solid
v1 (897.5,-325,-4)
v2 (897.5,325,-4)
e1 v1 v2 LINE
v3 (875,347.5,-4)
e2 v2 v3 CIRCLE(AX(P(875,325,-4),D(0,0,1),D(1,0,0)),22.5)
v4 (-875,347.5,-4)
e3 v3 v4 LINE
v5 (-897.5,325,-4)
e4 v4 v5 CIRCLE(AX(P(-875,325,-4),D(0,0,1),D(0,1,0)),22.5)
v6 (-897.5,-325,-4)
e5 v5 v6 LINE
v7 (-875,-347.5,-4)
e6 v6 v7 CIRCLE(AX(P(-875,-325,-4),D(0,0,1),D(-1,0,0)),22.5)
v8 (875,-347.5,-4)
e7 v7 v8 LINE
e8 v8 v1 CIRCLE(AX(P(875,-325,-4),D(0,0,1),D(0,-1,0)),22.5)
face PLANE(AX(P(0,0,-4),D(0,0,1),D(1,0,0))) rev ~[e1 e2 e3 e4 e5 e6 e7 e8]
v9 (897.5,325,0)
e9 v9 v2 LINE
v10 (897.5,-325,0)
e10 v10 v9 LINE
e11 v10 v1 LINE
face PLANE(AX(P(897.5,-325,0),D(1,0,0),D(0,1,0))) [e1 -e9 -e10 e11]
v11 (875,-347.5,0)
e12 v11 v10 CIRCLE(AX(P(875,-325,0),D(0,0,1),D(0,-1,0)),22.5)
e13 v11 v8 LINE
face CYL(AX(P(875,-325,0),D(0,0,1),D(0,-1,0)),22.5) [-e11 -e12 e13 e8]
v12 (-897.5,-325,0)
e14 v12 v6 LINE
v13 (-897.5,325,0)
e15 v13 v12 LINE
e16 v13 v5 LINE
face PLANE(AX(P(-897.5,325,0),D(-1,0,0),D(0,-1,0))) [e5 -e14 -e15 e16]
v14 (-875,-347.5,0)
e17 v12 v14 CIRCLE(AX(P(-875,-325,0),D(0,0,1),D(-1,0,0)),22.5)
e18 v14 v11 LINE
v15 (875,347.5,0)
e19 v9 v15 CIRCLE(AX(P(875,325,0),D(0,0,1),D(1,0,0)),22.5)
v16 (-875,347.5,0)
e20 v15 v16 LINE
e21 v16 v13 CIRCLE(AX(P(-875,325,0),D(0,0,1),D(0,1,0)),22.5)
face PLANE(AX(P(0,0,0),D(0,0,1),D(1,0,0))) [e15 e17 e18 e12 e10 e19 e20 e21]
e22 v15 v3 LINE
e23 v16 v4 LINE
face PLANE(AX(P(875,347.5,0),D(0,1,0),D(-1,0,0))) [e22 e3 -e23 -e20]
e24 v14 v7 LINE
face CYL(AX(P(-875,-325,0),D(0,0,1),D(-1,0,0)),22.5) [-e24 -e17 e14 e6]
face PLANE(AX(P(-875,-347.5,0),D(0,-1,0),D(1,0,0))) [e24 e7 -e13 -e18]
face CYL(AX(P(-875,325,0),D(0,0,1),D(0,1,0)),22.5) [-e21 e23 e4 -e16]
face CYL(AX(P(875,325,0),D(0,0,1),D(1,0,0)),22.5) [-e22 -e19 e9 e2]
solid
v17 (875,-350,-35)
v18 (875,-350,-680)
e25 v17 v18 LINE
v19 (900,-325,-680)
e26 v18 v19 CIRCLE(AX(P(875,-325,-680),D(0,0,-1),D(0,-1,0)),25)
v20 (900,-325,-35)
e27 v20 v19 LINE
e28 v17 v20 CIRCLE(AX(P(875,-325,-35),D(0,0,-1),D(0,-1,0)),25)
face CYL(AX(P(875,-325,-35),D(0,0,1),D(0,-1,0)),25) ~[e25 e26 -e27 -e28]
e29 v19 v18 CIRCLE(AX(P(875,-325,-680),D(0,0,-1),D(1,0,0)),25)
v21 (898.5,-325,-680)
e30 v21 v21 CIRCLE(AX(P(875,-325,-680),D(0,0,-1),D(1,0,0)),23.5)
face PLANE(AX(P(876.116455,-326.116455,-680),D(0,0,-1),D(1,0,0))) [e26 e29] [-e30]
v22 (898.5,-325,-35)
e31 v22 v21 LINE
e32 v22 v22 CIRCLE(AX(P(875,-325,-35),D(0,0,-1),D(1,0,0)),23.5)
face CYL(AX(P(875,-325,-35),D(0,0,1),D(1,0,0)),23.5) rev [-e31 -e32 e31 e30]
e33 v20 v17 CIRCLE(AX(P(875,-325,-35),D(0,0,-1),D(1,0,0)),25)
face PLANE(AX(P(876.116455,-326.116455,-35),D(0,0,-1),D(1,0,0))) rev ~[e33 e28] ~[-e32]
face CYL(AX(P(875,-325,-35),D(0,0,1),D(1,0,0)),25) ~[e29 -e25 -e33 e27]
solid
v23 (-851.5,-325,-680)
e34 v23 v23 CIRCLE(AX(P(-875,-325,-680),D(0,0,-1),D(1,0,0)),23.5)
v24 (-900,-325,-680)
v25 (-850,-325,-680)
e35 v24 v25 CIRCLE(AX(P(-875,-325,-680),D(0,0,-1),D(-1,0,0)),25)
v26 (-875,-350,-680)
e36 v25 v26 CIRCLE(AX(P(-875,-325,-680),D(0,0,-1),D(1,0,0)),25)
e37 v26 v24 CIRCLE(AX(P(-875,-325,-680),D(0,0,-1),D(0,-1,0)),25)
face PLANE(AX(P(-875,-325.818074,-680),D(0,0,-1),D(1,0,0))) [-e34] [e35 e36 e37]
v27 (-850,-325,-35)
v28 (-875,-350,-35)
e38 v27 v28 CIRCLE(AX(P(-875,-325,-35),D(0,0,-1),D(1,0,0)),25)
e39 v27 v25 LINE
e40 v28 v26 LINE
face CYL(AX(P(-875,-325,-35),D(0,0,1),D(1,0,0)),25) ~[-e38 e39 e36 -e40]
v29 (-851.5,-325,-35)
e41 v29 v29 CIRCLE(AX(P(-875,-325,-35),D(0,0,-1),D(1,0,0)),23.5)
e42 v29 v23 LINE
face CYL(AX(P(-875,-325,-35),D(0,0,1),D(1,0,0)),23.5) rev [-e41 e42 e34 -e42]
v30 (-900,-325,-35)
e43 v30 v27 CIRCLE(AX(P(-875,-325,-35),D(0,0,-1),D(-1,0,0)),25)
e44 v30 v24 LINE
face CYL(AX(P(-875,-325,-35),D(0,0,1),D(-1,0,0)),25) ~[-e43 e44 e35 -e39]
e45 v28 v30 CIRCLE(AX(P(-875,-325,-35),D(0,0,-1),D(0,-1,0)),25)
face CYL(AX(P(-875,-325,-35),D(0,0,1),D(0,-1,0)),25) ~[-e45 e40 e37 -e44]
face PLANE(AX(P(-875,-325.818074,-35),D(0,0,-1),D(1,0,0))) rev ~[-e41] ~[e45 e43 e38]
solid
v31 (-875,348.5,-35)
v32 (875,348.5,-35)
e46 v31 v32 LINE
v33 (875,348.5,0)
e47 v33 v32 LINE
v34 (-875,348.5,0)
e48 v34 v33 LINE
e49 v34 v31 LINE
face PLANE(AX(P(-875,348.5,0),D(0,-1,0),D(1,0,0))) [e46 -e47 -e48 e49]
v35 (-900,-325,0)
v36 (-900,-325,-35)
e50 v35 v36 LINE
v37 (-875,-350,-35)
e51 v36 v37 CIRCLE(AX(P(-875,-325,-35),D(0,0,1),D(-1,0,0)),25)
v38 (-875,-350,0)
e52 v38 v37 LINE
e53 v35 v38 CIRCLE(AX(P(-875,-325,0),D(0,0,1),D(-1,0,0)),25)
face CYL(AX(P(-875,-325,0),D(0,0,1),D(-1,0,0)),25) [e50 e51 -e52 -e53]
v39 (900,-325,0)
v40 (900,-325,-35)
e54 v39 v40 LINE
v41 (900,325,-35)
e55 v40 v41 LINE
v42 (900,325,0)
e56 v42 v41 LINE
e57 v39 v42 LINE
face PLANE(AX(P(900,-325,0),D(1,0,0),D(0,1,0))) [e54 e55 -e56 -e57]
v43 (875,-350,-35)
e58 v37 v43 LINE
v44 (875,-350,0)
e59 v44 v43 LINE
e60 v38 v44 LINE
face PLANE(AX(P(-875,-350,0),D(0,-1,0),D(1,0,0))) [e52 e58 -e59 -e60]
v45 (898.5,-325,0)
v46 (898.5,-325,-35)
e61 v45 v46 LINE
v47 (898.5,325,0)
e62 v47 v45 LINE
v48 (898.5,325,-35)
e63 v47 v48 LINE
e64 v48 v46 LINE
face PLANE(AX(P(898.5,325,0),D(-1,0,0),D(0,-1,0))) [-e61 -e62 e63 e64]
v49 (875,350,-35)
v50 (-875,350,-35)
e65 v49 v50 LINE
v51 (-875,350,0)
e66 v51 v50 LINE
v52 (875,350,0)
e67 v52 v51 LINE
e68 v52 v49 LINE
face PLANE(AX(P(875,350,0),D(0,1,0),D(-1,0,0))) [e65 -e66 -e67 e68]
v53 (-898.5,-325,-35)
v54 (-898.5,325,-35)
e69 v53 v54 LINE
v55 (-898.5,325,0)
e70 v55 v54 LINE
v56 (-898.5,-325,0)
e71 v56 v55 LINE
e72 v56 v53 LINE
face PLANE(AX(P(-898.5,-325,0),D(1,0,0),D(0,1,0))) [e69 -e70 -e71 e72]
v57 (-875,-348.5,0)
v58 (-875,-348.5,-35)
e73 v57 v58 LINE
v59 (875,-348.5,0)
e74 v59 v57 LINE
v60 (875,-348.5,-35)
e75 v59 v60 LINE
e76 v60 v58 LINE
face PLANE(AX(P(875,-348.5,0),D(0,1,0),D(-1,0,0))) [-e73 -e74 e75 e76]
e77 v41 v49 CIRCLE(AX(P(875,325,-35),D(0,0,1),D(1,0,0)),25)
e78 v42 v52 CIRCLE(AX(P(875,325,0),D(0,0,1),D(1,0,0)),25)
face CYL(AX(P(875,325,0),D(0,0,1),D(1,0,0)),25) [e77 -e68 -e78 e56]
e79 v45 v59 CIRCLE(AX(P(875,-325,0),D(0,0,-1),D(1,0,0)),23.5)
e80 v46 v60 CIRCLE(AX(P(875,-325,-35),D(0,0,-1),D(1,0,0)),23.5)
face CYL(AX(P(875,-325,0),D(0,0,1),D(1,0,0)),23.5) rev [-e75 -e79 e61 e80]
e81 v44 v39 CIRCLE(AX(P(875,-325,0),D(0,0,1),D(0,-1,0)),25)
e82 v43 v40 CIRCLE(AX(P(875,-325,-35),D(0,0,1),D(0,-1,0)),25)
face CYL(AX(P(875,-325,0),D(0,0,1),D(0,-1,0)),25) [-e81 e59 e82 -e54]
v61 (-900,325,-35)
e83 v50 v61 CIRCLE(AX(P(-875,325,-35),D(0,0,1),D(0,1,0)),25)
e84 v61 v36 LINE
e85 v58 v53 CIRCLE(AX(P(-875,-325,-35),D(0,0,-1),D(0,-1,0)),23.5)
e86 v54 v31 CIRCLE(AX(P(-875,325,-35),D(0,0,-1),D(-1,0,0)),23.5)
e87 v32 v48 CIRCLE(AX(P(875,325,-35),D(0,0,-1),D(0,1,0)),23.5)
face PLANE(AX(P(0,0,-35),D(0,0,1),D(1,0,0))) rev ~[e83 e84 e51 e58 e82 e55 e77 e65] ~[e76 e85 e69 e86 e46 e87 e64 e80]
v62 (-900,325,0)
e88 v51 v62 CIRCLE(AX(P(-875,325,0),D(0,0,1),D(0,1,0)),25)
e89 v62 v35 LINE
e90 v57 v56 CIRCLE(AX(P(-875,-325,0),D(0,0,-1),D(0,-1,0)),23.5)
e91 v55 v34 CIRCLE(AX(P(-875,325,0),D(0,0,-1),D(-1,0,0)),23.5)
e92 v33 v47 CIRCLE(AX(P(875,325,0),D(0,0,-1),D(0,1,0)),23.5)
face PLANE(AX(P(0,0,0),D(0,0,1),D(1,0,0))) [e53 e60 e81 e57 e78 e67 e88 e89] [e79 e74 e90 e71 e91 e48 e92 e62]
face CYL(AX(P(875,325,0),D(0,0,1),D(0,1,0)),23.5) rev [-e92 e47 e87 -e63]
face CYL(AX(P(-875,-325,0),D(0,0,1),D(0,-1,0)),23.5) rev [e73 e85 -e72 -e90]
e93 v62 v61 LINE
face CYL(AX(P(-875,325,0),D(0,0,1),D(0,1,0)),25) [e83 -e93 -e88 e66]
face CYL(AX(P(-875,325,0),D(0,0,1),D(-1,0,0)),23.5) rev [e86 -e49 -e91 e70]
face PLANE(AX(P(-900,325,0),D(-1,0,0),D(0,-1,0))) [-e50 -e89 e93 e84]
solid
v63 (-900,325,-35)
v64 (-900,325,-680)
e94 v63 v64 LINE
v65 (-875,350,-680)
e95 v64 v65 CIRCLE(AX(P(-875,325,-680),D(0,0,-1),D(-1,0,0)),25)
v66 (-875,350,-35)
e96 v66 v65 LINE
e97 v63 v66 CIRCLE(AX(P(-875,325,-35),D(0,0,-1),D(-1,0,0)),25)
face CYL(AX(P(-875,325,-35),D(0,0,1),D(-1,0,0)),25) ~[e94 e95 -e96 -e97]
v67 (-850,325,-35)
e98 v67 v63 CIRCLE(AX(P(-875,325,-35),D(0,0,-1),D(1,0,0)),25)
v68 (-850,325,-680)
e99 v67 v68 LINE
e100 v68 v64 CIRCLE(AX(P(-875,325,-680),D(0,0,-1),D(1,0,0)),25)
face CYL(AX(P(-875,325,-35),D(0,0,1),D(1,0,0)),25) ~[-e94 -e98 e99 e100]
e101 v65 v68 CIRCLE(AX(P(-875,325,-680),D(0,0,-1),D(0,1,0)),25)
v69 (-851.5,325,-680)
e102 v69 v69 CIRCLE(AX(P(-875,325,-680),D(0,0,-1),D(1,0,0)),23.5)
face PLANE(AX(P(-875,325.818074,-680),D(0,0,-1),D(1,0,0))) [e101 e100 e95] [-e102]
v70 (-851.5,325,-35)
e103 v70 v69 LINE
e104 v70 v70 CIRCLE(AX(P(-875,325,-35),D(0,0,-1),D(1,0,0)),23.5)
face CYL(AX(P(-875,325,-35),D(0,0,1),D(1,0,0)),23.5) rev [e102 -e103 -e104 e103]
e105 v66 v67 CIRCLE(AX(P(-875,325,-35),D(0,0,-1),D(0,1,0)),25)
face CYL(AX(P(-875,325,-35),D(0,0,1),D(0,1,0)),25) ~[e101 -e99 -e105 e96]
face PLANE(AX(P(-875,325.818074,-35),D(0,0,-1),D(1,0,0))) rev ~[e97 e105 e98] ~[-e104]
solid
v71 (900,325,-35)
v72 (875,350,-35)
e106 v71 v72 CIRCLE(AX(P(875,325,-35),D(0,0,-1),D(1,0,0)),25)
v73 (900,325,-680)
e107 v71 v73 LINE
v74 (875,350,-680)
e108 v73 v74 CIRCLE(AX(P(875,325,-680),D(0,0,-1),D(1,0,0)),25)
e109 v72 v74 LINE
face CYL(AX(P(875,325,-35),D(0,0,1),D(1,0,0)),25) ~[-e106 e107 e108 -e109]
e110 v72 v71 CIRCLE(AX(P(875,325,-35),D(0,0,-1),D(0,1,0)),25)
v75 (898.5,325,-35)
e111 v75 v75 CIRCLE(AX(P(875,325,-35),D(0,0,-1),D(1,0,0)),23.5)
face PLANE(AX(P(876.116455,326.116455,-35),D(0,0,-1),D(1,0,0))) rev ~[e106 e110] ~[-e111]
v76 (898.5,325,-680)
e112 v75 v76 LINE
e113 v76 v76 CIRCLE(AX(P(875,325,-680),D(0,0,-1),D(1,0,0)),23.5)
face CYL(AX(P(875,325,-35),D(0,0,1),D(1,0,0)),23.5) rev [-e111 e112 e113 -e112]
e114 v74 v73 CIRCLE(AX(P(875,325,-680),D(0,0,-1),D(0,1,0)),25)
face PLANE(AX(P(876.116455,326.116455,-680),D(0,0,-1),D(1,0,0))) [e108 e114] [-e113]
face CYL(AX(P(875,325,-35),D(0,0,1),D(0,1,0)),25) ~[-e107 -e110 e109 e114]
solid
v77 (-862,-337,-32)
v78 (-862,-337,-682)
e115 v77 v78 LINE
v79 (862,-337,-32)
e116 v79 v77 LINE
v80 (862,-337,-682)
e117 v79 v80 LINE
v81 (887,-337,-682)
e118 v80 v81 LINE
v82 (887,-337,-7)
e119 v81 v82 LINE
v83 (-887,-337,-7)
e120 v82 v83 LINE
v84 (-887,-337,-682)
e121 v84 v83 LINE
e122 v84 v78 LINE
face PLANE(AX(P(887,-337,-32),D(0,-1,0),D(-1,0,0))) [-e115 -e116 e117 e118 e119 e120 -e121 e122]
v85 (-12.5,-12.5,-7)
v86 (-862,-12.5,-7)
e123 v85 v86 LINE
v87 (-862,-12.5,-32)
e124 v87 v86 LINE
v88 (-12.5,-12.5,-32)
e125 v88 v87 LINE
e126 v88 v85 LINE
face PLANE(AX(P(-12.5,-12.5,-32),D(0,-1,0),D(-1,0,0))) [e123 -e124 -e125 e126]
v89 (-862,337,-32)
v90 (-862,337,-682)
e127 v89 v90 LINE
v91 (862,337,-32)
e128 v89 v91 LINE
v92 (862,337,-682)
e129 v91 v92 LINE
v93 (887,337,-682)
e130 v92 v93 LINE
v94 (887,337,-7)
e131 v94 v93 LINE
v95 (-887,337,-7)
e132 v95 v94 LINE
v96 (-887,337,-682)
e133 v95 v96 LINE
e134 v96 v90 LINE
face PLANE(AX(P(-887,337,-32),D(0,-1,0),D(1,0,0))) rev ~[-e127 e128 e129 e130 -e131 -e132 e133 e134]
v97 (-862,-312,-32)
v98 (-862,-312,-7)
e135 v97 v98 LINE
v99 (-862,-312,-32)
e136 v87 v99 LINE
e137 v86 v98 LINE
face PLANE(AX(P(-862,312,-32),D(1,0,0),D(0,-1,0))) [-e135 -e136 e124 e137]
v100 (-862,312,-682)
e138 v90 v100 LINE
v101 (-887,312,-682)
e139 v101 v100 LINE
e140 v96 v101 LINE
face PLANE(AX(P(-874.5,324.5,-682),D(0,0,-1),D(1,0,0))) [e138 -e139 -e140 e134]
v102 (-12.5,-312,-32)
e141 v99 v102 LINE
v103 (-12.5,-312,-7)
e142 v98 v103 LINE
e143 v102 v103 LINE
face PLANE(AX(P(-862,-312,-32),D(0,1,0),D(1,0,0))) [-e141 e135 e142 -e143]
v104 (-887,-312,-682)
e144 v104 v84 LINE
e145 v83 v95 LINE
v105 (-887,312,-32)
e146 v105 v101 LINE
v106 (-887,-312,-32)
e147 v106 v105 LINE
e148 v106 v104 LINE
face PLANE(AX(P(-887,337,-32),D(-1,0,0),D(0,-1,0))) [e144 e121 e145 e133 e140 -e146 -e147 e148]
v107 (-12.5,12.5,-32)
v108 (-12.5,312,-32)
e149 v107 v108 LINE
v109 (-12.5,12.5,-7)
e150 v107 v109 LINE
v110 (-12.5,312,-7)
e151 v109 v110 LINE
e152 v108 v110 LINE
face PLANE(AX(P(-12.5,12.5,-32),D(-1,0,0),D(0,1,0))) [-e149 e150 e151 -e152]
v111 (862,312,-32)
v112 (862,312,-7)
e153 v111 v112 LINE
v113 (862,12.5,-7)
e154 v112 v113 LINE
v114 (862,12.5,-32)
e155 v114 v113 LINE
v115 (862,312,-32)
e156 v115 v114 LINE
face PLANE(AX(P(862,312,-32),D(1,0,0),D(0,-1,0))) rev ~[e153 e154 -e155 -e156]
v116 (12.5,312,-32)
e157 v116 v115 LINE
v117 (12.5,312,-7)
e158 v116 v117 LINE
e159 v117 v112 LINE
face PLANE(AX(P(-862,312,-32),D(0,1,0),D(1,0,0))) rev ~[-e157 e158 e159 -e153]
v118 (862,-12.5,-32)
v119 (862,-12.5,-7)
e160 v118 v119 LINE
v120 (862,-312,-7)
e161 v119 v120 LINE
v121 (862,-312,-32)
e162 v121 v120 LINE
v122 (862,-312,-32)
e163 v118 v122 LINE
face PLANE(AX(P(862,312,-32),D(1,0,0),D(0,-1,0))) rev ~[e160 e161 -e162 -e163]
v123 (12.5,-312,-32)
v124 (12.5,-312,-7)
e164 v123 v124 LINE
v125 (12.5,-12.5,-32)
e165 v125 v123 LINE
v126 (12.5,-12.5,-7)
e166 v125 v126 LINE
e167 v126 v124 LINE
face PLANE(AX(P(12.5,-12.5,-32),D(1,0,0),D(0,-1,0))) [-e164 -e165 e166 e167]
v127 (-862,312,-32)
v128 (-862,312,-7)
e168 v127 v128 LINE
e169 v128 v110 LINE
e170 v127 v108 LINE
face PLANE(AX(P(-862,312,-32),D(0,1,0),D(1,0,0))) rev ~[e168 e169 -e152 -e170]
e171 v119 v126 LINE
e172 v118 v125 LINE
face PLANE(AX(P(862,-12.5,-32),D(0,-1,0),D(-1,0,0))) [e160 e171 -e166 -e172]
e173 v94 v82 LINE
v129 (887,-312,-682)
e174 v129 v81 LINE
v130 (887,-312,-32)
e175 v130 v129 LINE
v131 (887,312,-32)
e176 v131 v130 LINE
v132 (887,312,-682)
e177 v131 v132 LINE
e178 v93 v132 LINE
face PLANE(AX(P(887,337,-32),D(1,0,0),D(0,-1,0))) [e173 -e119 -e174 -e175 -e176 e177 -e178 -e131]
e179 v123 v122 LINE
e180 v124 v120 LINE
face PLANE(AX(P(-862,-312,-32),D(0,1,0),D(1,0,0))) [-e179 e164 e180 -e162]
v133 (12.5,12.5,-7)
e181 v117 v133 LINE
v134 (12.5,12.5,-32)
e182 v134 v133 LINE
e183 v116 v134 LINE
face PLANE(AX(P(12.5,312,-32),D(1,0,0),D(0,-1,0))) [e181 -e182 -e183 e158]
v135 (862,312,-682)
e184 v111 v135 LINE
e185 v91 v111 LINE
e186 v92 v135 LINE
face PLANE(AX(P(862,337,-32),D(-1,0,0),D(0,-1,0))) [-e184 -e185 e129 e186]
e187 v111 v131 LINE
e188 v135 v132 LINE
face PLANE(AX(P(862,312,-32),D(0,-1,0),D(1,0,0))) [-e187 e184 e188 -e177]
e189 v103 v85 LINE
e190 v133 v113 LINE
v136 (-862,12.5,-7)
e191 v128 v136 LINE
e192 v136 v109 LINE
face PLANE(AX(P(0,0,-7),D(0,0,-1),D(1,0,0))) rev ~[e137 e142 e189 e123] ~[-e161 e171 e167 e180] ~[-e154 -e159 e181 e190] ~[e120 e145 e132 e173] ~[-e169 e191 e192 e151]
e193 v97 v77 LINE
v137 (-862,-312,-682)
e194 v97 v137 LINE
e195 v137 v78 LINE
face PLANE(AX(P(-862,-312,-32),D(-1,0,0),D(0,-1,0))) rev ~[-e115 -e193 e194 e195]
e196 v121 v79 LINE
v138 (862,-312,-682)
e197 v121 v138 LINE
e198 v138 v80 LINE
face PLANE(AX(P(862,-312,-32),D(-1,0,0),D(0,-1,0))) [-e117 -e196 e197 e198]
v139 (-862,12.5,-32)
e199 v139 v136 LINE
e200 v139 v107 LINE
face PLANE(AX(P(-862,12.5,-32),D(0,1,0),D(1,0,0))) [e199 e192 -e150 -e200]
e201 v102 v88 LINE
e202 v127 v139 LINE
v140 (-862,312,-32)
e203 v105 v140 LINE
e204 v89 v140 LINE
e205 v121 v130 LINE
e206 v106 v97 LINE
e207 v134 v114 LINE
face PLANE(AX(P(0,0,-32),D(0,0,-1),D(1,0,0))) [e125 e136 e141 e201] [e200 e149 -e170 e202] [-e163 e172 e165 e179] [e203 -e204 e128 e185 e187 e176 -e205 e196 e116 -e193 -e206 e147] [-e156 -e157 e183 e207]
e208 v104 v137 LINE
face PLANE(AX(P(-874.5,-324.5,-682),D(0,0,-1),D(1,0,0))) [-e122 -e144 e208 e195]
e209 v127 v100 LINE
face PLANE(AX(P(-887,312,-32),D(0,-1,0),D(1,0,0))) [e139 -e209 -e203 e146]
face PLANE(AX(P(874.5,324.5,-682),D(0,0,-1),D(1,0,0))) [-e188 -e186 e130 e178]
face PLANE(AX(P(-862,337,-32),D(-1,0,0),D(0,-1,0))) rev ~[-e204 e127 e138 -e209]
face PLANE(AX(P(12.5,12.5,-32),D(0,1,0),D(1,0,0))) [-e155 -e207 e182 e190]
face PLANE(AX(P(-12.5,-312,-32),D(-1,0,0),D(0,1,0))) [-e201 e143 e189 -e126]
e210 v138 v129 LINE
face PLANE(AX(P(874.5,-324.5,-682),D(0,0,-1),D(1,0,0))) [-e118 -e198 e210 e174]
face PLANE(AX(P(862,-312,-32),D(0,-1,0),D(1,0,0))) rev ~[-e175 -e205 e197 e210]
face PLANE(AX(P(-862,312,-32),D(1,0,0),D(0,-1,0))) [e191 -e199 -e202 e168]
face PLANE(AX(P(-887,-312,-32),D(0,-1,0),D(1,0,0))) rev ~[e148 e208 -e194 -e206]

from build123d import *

# Parameters (mm, degrees)
F1_DEPTH  = 35
F3_DEPTH  = 4
F5_W      = 1724
F5_H      = 624
F6_DEPTH  = 25
F8_W      = 25
F8_H      = 25
F9_DEPTH  = 650
F11_R     = 23.5
F12_DEPTH = 645
F15_DEPTH = 25


with BuildPart() as f1:
    # F0 (on Top) → F1 (new body)
    with BuildSketch(Plane.XY):
        with BuildLine():
            ThreePointArc((900, 325), (892.6776695297, 342.6776695297), (875, 350))
            Line((875, 350), (-850, 350))
            Line((-850, 350), (-875, 350))
            ThreePointArc((-875, 350), (-892.6776695297, 342.6776695297), (-900, 325))
            Line((-900, 325), (-900, 300))
            Line((-900, 300), (-900, -325))
            ThreePointArc((-900, -325), (-892.6776695297, -342.6776695297), (-875, -350))
            Line((-875, -350), (875, -350))
            ThreePointArc((875, -350), (892.6776695297, -342.6776695297), (900, -325))
            Line((900, -325), (900, 325))
        make_face()
        with BuildLine():
            Line((-898.5, -325), (-898.5, 300))
            Line((-898.5, 300), (-898.5, 325))
            ThreePointArc((-898.5, 325), (-891.6170093579, 341.6170093579), (-875, 348.5))
            Line((-875, 348.5), (875, 348.5))
            ThreePointArc((875, 348.5), (891.6170093579, 341.6170093579), (898.5, 325))
            Line((898.5, 325), (898.5, -325))
            ThreePointArc((898.5, -325), (891.6170093579, -341.6170093579), (875, -348.5))
            Line((875, -348.5), (-875, -348.5))
            ThreePointArc((-875, -348.5), (-891.6170093579, -341.6170093579), (-898.5, -325))
        make_face(mode=Mode.SUBTRACT)
    extrude(amount=-F1_DEPTH)


with BuildPart() as f3:
    # F2 (on Top) → F3 (new body)
    with BuildSketch(Plane.XY):
        with BuildLine():
            Line((-875, -347.5), (875, -347.5))
            ThreePointArc((875, -347.5), (890.9099025767, -340.9099025767), (897.5, -325))
            Line((897.5, -325), (897.5, 325))
            ThreePointArc((897.5, 325), (890.9099025767, 340.9099025767), (875, 347.5))
            Line((875, 347.5), (-875, 347.5))
            ThreePointArc((-875, 347.5), (-890.9099025767, 340.9099025767), (-897.5, 325))
            Line((-897.5, 325), (-897.5, -325))
            ThreePointArc((-897.5, -325), (-890.9099025767, -340.9099025767), (-875, -347.5))
        make_face()
    extrude(amount=-F3_DEPTH)


with BuildPart() as f6:
    # F5 (on offset) → F6 (new body)
    with BuildSketch(Plane(origin=(0, 0, -32), x_dir=(1, 0, 0), z_dir=(0, 0, -1))):
        Polygon((-887, -337), (-875, -337), (887, -337), (887, 337), (-875, 337), (-887, 337), (-887, 325), (-887, -325), align=None)
        Rectangle(F5_W, F5_H, mode=Mode.SUBTRACT)
    extrude(amount=-F6_DEPTH)

    # F8 (on face) → F9 (join)
    with BuildSketch(Plane(origin=(0, 0, -32), x_dir=(1, 0, 0), z_dir=(0, 0, -1))):
        with Locations((-874.5, -324.5)):
            Rectangle(F8_W, F8_H)
        with Locations((-874.5, 324.5)):
            Rectangle(F8_W, F8_H)
        with Locations((874.5, 324.5)):
            Rectangle(F8_W, F8_H)
        with Locations((874.5, -324.5)):
            Rectangle(F8_W, F8_H)
    extrude(amount=F9_DEPTH)

    # F14 (on offset) → F15 (join)
    with BuildSketch(Plane(origin=(0, 0, -32), x_dir=(1, 0, 0), z_dir=(0, 0, -1))):
        Polygon((-862, 12.5), (-862, -12.5), (-12.5, -12.5), (-12.5, -312), (12.5, -312), (12.5, -12.5), (862, -12.5), (862, 12.5), (12.5, 12.5), (12.5, 312), (-12.5, 312), (-12.5, 12.5), align=None)
    extrude(amount=-F15_DEPTH)


with BuildPart() as f12:
    # F11 (on offset) → F12 (new body)
    with BuildSketch(Plane(origin=(0, 0, -35), x_dir=(1, 0, 0), z_dir=(0, 0, -1))):
        with BuildLine():
            ThreePointArc((-900, -325), (-892.6776695297, -342.6776695297), (-875, -350))
            ThreePointArc((-875, -350), (-857.3223304703, -342.6776695297), (-850, -325))
            ThreePointArc((-850, -325), (-875, -300), (-900, -325))
        make_face()
        with Locations((-875, -325)):
            Circle(F11_R, mode=Mode.SUBTRACT)
    extrude(amount=F12_DEPTH)


with BuildPart() as f12b:
    # F11 (on offset) → F12, piece 2 (new body)
    with BuildSketch(Plane(origin=(0, 0, -35), x_dir=(1, 0, 0), z_dir=(0, 0, -1))):
        with BuildLine():
            ThreePointArc((900, -325), (857.3223304703, -307.3223304703), (875, -350))
            ThreePointArc((875, -350), (892.6776695297, -342.6776695297), (900, -325))
        make_face()
        with Locations((875, -325)):
            Circle(F11_R, mode=Mode.SUBTRACT)
    extrude(amount=F12_DEPTH)


with BuildPart() as f12c:
    # F11 (on offset) → F12, piece 3 (new body)
    with BuildSketch(Plane(origin=(0, 0, -35), x_dir=(1, 0, 0), z_dir=(0, 0, -1))):
        with BuildLine():
            ThreePointArc((-850, 325), (-857.3223304703, 342.6776695297), (-875, 350))
            ThreePointArc((-875, 350), (-892.6776695297, 342.6776695297), (-900, 325))
            ThreePointArc((-900, 325), (-875, 300), (-850, 325))
        make_face()
        with Locations((-875, 325)):
            Circle(F11_R, mode=Mode.SUBTRACT)
    extrude(amount=F12_DEPTH)


with BuildPart() as f12d:
    # F11 (on offset) → F12, piece 4 (new body)
    with BuildSketch(Plane(origin=(0, 0, -35), x_dir=(1, 0, 0), z_dir=(0, 0, -1))):
        with BuildLine():
            ThreePointArc((900, 325), (892.6776695297, 342.6776695297), (875, 350))
            ThreePointArc((875, 350), (857.3223304703, 307.3223304703), (900, 325))
        make_face()
        with Locations((875, 325)):
            Circle(F11_R, mode=Mode.SUBTRACT)
    extrude(amount=F12_DEPTH)


solid = Compound([f1.part, f3.part, f6.part, f12.part, f12b.part, f12c.part, f12d.part])
